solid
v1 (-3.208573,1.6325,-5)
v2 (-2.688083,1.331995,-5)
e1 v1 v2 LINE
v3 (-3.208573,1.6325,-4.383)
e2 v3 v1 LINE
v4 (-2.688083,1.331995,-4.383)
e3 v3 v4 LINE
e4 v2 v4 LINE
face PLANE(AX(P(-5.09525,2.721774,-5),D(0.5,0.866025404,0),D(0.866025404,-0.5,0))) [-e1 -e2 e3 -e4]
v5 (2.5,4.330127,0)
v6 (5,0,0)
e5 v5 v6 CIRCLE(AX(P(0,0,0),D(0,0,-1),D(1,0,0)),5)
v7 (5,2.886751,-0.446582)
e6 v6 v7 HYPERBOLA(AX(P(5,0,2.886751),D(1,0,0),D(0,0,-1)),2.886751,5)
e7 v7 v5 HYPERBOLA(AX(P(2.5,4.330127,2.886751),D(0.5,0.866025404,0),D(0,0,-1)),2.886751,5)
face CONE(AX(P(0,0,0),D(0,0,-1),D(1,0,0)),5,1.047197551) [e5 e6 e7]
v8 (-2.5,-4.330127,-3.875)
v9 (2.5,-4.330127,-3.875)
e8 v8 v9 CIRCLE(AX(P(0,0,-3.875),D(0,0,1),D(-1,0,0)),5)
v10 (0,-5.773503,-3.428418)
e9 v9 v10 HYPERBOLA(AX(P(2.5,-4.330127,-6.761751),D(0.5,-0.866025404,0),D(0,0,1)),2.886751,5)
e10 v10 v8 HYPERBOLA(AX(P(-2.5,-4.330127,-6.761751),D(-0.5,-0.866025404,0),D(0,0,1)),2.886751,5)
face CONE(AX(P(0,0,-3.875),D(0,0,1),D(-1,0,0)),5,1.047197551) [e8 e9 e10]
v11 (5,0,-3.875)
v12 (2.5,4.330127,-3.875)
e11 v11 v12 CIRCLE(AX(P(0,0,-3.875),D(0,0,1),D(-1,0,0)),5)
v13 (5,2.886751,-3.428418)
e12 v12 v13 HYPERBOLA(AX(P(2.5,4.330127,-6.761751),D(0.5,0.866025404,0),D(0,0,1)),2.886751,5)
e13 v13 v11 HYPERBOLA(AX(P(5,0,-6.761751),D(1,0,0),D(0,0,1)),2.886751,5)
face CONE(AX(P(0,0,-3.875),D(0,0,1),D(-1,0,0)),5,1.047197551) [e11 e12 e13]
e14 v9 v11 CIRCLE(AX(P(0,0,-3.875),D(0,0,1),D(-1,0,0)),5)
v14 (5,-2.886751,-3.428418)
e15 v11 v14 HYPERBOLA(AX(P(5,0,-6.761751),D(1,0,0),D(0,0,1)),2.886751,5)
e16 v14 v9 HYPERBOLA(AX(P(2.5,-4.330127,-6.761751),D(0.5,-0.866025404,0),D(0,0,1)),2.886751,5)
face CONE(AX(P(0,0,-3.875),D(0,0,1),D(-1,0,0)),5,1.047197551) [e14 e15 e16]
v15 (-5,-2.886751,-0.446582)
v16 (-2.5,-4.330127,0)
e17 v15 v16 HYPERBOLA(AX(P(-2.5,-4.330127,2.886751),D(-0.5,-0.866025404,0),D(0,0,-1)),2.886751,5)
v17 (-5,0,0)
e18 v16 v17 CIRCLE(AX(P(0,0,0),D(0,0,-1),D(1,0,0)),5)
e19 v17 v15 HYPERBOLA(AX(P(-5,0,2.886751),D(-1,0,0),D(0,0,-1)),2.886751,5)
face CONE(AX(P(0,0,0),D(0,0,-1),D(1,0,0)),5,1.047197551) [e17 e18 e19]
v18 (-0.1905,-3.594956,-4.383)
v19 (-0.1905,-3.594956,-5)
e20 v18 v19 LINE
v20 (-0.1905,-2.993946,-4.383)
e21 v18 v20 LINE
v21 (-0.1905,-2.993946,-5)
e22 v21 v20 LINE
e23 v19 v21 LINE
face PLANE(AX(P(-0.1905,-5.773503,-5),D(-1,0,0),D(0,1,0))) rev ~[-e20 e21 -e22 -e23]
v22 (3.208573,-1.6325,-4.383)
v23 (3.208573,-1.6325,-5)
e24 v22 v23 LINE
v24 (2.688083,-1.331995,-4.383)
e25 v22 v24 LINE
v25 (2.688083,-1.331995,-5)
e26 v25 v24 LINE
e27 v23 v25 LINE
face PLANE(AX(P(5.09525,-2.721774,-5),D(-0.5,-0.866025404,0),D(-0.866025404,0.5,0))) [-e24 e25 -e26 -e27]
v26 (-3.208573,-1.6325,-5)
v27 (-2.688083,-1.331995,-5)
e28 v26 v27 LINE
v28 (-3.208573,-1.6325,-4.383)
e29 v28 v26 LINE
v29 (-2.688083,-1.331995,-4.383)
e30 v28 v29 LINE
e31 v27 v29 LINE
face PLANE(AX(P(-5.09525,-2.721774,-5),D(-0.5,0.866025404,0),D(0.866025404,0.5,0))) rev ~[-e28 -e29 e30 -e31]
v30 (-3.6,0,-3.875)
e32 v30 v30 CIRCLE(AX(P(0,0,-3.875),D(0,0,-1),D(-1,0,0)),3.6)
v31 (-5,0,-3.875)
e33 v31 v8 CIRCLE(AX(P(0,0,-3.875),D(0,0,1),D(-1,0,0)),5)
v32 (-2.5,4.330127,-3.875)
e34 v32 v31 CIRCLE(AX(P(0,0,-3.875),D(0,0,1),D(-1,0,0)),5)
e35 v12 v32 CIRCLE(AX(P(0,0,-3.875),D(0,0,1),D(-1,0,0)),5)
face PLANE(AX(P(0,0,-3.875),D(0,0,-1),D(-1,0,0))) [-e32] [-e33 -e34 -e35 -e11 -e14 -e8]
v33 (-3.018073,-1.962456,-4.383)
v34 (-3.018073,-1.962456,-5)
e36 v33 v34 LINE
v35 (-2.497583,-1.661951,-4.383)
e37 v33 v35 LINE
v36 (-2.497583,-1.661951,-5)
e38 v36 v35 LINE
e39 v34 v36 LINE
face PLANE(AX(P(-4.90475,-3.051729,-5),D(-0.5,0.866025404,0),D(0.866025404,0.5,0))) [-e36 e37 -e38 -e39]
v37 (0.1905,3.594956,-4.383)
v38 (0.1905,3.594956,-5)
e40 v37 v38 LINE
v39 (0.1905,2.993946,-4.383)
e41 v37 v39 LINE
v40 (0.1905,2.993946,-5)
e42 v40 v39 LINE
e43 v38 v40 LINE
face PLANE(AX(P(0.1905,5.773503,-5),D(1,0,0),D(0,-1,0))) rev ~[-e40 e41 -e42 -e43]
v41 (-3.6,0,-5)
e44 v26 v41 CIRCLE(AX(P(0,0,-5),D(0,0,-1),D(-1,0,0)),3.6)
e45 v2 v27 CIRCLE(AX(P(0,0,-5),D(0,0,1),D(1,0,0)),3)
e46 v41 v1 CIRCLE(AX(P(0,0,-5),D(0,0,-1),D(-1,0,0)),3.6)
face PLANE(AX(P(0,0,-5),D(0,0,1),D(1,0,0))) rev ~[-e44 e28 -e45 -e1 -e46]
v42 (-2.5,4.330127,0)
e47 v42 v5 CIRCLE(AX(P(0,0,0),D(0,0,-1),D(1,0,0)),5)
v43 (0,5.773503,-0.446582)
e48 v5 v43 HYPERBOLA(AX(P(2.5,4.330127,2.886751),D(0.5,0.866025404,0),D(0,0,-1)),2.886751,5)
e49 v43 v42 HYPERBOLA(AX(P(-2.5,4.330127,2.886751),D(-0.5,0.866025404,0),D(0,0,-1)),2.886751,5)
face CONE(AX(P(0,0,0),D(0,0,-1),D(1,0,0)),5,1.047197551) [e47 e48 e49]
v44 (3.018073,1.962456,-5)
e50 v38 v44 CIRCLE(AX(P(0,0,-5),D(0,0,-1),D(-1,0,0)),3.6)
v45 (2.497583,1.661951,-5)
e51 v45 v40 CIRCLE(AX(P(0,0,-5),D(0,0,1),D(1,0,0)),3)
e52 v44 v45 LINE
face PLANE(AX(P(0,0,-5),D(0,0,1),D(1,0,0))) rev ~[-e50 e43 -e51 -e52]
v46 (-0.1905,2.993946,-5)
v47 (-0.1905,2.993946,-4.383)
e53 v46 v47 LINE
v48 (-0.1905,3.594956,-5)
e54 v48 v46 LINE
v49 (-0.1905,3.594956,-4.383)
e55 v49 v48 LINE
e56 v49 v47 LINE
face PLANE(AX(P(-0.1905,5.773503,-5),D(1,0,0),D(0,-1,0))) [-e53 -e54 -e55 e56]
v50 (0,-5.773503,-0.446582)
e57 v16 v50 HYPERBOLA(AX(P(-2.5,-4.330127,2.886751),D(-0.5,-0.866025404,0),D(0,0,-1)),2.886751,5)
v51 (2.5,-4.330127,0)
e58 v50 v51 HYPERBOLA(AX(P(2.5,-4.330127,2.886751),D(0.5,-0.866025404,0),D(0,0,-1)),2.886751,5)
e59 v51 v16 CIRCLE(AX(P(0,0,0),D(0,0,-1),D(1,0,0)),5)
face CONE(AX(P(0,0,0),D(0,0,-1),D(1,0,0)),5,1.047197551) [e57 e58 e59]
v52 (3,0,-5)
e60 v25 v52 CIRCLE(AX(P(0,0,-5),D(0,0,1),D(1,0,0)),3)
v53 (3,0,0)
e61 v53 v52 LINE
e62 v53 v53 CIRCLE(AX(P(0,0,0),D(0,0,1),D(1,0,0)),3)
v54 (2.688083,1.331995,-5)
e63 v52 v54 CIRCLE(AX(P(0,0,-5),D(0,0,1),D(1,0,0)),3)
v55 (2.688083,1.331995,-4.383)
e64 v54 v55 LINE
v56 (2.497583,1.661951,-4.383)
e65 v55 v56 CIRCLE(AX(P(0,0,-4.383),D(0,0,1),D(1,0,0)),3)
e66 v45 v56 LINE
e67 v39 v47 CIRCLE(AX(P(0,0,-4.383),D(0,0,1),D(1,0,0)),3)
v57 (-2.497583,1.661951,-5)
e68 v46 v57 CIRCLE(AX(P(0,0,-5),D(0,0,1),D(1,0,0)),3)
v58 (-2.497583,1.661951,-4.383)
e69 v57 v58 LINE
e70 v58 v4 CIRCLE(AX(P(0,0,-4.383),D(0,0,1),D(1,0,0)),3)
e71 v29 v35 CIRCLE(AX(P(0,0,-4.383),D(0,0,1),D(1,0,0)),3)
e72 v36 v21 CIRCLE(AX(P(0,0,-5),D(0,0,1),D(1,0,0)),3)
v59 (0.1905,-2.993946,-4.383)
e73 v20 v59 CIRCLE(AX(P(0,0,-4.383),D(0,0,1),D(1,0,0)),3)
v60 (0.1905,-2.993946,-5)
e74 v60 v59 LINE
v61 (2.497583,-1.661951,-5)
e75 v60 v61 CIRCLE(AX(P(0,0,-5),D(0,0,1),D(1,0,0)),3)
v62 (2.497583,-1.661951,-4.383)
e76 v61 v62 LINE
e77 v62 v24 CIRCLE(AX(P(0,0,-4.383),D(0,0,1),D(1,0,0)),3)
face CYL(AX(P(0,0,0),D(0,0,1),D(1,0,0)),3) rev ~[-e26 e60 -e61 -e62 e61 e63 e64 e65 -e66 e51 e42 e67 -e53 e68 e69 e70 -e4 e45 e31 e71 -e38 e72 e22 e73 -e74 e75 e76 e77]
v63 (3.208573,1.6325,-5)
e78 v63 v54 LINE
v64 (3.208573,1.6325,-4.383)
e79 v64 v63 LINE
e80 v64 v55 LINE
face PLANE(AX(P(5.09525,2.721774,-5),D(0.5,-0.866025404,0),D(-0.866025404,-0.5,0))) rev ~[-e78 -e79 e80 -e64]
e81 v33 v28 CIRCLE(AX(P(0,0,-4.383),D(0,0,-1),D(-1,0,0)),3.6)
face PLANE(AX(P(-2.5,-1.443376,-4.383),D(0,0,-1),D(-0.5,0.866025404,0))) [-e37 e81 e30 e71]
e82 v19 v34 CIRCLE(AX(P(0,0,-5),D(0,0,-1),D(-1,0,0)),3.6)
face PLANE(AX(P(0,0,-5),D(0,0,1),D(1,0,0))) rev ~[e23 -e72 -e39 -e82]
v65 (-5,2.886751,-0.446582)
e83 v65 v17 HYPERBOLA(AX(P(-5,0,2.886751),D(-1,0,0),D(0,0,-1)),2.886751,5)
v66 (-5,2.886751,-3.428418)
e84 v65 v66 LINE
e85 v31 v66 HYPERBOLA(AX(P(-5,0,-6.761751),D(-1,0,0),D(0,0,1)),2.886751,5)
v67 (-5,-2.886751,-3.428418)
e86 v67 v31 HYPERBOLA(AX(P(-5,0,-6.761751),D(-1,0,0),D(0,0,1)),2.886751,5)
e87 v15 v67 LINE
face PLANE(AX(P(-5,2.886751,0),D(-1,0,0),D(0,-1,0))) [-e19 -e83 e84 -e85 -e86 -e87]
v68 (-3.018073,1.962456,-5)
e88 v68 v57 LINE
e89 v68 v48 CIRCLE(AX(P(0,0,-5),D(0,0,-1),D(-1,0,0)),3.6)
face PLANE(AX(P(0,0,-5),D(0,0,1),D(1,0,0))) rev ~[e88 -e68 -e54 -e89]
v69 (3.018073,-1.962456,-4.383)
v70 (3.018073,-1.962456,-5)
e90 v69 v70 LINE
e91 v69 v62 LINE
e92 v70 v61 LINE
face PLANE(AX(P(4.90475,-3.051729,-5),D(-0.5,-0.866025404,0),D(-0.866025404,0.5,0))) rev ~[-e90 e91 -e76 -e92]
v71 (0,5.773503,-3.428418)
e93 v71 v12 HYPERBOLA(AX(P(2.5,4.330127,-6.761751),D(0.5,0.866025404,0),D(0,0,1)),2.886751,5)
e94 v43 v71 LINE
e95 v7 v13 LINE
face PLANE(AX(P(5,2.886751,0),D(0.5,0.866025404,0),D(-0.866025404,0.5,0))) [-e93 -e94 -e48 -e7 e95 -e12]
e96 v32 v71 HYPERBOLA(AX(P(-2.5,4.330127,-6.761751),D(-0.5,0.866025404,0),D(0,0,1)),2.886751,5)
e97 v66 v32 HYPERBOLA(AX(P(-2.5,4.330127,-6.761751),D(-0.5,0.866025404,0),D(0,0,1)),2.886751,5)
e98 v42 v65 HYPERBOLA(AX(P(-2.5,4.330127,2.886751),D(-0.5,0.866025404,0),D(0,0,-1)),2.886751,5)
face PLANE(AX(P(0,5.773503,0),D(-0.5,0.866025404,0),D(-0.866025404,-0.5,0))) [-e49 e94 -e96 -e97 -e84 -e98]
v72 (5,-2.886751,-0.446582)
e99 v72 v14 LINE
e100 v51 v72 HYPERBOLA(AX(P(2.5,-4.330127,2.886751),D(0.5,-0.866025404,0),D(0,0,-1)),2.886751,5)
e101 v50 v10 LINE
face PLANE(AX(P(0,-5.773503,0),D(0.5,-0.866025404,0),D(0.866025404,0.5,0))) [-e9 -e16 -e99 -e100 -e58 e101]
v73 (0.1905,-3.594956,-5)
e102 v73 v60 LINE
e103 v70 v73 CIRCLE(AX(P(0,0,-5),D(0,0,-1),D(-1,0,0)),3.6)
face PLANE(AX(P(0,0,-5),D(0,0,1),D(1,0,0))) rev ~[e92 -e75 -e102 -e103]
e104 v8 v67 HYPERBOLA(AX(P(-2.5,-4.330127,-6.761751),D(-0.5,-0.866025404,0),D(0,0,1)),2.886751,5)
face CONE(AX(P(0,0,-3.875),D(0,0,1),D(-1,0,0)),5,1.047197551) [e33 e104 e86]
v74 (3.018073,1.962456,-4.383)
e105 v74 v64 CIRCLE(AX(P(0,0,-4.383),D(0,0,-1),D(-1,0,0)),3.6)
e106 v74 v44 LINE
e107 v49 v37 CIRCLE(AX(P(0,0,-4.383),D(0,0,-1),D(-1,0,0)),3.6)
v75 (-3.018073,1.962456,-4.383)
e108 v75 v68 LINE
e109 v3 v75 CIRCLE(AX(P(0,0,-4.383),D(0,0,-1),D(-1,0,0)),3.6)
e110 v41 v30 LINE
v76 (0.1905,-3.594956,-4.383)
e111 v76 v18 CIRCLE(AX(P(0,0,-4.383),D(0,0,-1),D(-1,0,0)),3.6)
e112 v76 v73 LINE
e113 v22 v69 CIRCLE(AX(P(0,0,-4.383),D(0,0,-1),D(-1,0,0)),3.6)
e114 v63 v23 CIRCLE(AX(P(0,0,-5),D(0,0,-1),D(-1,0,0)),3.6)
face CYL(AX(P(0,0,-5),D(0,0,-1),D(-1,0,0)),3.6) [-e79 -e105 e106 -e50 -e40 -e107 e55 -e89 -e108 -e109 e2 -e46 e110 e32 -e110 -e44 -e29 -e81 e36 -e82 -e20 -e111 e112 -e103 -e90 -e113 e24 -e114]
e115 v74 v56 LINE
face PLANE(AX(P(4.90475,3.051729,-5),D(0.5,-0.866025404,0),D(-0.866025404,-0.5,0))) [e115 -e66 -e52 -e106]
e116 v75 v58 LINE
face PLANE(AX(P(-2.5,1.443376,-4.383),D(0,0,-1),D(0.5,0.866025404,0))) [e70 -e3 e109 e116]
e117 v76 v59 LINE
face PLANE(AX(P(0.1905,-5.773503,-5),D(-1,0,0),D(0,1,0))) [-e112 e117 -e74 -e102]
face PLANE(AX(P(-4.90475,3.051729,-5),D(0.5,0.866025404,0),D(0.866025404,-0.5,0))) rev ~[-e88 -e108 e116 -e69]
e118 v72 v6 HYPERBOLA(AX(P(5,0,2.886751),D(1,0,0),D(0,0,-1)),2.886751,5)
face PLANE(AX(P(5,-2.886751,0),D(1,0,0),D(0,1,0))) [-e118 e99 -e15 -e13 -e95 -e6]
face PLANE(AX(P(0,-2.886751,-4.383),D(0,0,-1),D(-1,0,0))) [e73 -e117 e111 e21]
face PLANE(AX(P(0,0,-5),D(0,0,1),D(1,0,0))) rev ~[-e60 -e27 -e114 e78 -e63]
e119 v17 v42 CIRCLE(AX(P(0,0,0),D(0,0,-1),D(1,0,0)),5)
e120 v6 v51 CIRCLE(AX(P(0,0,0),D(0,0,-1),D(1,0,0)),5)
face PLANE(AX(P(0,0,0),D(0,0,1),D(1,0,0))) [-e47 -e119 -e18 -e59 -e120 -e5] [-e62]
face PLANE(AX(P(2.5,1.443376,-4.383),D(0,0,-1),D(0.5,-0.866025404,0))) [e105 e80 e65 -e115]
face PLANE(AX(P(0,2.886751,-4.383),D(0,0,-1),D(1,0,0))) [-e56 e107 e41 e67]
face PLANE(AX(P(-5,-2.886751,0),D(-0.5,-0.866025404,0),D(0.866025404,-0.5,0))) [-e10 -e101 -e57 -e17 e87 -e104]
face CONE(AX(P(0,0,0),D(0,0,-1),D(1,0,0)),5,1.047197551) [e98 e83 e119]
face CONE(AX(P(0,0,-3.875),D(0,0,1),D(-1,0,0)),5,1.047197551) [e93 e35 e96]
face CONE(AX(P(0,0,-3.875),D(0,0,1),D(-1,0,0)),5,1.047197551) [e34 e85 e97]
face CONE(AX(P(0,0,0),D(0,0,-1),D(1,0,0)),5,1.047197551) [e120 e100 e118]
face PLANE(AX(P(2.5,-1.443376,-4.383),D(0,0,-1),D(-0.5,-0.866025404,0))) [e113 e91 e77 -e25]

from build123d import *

# Parameters (mm, degrees)
EXTRUDE1_DEPTH          = 5
SKETCH2_OUTSIDE_W       = 36
SKETCH2_OUTSIDE_H       = 37.548
SKETCH2_OUTSIDE_R       = 5
CUT_EXTRUDE1_DEPTH      = 6
CUT_EXTRUDE1_TAPER      = 60
SKETCH4_R               = 3
CUT_EXTRUDE3_DEPTH      = 6
SKETCH12_OUTSIDE_W      = 15.214
SKETCH12_OUTSIDE_H      = 16.762
SKETCH12_OUTSIDE_R      = 3.6
CUT_EXTRUDE10_DEPTH     = 1.125
SKETCH15_W              = 0.381
SKETCH15_H              = 5.773502692
CUT_EXTRUDE_THIN2_DEPTH = 0.617
CIRPATTERN1_COUNT       = 6
SKETCH3_OUTSIDE_W       = 32.102
SKETCH3_OUTSIDE_H       = 33.65
SKETCH3_OUTSIDE_R       = 5
CUT_EXTRUDE2_DEPTH      = 4.875
CUT_EXTRUDE2_TAPER      = 60


with BuildPart() as part:
    # Sketch1 → Extrude1 (new body)
    with BuildSketch(Plane.XY):
        Polygon((0, 5.773502692), (-5, 2.886751346), (-5, -2.886751346), (0, -5.773502692), (5, -2.886751346), (5, 2.886751346), align=None)
    extrude(amount=-EXTRUDE1_DEPTH)

    # Sketch2 outside → Cut-Extrude1 (cut, through all)
    with BuildSketch(Plane.XY):
        Rectangle(SKETCH2_OUTSIDE_W, SKETCH2_OUTSIDE_H)
        Circle(SKETCH2_OUTSIDE_R, mode=Mode.SUBTRACT)
    extrude(amount=-CUT_EXTRUDE1_DEPTH, taper=CUT_EXTRUDE1_TAPER, mode=Mode.SUBTRACT)

    # Sketch4 → Cut-Extrude3 (cut, through all)
    with BuildSketch(Plane.XY):
        Circle(SKETCH4_R)
    extrude(amount=-CUT_EXTRUDE3_DEPTH, mode=Mode.SUBTRACT)

    # Sketch12 outside → Cut-Extrude10 (cut)
    with BuildSketch(Plane(origin=(0, 0, -5), x_dir=(-1, 0, 0), z_dir=(0, 0, -1))):
        Rectangle(SKETCH12_OUTSIDE_W, SKETCH12_OUTSIDE_H)
        Circle(SKETCH12_OUTSIDE_R, mode=Mode.SUBTRACT)
    extrude(amount=-CUT_EXTRUDE10_DEPTH, mode=Mode.SUBTRACT)

    # Sketch15 → Cut-Extrude-Thin2 (cut)
    with BuildSketch(Plane(origin=(0, 0, -5), x_dir=(-1, 0, 0), z_dir=(0, 0, -1))):
        with Locations((0, -2.886751346)):
            Rectangle(SKETCH15_W, SKETCH15_H)
    cut_extrude_thin2 = extrude(amount=-CUT_EXTRUDE_THIN2_DEPTH, mode=Mode.SUBTRACT)

    # CirPattern1: Cut-Extrude-Thin2 ×6 about axis
    cirpattern1_axis = Axis((0, 0, 0), (0, 0, 1))
    for i in range(1, CIRPATTERN1_COUNT):
        add(cut_extrude_thin2.rotate(cirpattern1_axis, i * 360 / CIRPATTERN1_COUNT), mode=Mode.SUBTRACT)

    # Sketch3 outside → Cut-Extrude2 (cut, through all)
    with BuildSketch(Plane(origin=(0, 0, -3.875), x_dir=(-1, 0, 0), z_dir=(0, 0, -1))):
        Rectangle(SKETCH3_OUTSIDE_W, SKETCH3_OUTSIDE_H)
        Circle(SKETCH3_OUTSIDE_R, mode=Mode.SUBTRACT)
    extrude(amount=-CUT_EXTRUDE2_DEPTH, taper=CUT_EXTRUDE2_TAPER, mode=Mode.SUBTRACT)


solid = part.part
